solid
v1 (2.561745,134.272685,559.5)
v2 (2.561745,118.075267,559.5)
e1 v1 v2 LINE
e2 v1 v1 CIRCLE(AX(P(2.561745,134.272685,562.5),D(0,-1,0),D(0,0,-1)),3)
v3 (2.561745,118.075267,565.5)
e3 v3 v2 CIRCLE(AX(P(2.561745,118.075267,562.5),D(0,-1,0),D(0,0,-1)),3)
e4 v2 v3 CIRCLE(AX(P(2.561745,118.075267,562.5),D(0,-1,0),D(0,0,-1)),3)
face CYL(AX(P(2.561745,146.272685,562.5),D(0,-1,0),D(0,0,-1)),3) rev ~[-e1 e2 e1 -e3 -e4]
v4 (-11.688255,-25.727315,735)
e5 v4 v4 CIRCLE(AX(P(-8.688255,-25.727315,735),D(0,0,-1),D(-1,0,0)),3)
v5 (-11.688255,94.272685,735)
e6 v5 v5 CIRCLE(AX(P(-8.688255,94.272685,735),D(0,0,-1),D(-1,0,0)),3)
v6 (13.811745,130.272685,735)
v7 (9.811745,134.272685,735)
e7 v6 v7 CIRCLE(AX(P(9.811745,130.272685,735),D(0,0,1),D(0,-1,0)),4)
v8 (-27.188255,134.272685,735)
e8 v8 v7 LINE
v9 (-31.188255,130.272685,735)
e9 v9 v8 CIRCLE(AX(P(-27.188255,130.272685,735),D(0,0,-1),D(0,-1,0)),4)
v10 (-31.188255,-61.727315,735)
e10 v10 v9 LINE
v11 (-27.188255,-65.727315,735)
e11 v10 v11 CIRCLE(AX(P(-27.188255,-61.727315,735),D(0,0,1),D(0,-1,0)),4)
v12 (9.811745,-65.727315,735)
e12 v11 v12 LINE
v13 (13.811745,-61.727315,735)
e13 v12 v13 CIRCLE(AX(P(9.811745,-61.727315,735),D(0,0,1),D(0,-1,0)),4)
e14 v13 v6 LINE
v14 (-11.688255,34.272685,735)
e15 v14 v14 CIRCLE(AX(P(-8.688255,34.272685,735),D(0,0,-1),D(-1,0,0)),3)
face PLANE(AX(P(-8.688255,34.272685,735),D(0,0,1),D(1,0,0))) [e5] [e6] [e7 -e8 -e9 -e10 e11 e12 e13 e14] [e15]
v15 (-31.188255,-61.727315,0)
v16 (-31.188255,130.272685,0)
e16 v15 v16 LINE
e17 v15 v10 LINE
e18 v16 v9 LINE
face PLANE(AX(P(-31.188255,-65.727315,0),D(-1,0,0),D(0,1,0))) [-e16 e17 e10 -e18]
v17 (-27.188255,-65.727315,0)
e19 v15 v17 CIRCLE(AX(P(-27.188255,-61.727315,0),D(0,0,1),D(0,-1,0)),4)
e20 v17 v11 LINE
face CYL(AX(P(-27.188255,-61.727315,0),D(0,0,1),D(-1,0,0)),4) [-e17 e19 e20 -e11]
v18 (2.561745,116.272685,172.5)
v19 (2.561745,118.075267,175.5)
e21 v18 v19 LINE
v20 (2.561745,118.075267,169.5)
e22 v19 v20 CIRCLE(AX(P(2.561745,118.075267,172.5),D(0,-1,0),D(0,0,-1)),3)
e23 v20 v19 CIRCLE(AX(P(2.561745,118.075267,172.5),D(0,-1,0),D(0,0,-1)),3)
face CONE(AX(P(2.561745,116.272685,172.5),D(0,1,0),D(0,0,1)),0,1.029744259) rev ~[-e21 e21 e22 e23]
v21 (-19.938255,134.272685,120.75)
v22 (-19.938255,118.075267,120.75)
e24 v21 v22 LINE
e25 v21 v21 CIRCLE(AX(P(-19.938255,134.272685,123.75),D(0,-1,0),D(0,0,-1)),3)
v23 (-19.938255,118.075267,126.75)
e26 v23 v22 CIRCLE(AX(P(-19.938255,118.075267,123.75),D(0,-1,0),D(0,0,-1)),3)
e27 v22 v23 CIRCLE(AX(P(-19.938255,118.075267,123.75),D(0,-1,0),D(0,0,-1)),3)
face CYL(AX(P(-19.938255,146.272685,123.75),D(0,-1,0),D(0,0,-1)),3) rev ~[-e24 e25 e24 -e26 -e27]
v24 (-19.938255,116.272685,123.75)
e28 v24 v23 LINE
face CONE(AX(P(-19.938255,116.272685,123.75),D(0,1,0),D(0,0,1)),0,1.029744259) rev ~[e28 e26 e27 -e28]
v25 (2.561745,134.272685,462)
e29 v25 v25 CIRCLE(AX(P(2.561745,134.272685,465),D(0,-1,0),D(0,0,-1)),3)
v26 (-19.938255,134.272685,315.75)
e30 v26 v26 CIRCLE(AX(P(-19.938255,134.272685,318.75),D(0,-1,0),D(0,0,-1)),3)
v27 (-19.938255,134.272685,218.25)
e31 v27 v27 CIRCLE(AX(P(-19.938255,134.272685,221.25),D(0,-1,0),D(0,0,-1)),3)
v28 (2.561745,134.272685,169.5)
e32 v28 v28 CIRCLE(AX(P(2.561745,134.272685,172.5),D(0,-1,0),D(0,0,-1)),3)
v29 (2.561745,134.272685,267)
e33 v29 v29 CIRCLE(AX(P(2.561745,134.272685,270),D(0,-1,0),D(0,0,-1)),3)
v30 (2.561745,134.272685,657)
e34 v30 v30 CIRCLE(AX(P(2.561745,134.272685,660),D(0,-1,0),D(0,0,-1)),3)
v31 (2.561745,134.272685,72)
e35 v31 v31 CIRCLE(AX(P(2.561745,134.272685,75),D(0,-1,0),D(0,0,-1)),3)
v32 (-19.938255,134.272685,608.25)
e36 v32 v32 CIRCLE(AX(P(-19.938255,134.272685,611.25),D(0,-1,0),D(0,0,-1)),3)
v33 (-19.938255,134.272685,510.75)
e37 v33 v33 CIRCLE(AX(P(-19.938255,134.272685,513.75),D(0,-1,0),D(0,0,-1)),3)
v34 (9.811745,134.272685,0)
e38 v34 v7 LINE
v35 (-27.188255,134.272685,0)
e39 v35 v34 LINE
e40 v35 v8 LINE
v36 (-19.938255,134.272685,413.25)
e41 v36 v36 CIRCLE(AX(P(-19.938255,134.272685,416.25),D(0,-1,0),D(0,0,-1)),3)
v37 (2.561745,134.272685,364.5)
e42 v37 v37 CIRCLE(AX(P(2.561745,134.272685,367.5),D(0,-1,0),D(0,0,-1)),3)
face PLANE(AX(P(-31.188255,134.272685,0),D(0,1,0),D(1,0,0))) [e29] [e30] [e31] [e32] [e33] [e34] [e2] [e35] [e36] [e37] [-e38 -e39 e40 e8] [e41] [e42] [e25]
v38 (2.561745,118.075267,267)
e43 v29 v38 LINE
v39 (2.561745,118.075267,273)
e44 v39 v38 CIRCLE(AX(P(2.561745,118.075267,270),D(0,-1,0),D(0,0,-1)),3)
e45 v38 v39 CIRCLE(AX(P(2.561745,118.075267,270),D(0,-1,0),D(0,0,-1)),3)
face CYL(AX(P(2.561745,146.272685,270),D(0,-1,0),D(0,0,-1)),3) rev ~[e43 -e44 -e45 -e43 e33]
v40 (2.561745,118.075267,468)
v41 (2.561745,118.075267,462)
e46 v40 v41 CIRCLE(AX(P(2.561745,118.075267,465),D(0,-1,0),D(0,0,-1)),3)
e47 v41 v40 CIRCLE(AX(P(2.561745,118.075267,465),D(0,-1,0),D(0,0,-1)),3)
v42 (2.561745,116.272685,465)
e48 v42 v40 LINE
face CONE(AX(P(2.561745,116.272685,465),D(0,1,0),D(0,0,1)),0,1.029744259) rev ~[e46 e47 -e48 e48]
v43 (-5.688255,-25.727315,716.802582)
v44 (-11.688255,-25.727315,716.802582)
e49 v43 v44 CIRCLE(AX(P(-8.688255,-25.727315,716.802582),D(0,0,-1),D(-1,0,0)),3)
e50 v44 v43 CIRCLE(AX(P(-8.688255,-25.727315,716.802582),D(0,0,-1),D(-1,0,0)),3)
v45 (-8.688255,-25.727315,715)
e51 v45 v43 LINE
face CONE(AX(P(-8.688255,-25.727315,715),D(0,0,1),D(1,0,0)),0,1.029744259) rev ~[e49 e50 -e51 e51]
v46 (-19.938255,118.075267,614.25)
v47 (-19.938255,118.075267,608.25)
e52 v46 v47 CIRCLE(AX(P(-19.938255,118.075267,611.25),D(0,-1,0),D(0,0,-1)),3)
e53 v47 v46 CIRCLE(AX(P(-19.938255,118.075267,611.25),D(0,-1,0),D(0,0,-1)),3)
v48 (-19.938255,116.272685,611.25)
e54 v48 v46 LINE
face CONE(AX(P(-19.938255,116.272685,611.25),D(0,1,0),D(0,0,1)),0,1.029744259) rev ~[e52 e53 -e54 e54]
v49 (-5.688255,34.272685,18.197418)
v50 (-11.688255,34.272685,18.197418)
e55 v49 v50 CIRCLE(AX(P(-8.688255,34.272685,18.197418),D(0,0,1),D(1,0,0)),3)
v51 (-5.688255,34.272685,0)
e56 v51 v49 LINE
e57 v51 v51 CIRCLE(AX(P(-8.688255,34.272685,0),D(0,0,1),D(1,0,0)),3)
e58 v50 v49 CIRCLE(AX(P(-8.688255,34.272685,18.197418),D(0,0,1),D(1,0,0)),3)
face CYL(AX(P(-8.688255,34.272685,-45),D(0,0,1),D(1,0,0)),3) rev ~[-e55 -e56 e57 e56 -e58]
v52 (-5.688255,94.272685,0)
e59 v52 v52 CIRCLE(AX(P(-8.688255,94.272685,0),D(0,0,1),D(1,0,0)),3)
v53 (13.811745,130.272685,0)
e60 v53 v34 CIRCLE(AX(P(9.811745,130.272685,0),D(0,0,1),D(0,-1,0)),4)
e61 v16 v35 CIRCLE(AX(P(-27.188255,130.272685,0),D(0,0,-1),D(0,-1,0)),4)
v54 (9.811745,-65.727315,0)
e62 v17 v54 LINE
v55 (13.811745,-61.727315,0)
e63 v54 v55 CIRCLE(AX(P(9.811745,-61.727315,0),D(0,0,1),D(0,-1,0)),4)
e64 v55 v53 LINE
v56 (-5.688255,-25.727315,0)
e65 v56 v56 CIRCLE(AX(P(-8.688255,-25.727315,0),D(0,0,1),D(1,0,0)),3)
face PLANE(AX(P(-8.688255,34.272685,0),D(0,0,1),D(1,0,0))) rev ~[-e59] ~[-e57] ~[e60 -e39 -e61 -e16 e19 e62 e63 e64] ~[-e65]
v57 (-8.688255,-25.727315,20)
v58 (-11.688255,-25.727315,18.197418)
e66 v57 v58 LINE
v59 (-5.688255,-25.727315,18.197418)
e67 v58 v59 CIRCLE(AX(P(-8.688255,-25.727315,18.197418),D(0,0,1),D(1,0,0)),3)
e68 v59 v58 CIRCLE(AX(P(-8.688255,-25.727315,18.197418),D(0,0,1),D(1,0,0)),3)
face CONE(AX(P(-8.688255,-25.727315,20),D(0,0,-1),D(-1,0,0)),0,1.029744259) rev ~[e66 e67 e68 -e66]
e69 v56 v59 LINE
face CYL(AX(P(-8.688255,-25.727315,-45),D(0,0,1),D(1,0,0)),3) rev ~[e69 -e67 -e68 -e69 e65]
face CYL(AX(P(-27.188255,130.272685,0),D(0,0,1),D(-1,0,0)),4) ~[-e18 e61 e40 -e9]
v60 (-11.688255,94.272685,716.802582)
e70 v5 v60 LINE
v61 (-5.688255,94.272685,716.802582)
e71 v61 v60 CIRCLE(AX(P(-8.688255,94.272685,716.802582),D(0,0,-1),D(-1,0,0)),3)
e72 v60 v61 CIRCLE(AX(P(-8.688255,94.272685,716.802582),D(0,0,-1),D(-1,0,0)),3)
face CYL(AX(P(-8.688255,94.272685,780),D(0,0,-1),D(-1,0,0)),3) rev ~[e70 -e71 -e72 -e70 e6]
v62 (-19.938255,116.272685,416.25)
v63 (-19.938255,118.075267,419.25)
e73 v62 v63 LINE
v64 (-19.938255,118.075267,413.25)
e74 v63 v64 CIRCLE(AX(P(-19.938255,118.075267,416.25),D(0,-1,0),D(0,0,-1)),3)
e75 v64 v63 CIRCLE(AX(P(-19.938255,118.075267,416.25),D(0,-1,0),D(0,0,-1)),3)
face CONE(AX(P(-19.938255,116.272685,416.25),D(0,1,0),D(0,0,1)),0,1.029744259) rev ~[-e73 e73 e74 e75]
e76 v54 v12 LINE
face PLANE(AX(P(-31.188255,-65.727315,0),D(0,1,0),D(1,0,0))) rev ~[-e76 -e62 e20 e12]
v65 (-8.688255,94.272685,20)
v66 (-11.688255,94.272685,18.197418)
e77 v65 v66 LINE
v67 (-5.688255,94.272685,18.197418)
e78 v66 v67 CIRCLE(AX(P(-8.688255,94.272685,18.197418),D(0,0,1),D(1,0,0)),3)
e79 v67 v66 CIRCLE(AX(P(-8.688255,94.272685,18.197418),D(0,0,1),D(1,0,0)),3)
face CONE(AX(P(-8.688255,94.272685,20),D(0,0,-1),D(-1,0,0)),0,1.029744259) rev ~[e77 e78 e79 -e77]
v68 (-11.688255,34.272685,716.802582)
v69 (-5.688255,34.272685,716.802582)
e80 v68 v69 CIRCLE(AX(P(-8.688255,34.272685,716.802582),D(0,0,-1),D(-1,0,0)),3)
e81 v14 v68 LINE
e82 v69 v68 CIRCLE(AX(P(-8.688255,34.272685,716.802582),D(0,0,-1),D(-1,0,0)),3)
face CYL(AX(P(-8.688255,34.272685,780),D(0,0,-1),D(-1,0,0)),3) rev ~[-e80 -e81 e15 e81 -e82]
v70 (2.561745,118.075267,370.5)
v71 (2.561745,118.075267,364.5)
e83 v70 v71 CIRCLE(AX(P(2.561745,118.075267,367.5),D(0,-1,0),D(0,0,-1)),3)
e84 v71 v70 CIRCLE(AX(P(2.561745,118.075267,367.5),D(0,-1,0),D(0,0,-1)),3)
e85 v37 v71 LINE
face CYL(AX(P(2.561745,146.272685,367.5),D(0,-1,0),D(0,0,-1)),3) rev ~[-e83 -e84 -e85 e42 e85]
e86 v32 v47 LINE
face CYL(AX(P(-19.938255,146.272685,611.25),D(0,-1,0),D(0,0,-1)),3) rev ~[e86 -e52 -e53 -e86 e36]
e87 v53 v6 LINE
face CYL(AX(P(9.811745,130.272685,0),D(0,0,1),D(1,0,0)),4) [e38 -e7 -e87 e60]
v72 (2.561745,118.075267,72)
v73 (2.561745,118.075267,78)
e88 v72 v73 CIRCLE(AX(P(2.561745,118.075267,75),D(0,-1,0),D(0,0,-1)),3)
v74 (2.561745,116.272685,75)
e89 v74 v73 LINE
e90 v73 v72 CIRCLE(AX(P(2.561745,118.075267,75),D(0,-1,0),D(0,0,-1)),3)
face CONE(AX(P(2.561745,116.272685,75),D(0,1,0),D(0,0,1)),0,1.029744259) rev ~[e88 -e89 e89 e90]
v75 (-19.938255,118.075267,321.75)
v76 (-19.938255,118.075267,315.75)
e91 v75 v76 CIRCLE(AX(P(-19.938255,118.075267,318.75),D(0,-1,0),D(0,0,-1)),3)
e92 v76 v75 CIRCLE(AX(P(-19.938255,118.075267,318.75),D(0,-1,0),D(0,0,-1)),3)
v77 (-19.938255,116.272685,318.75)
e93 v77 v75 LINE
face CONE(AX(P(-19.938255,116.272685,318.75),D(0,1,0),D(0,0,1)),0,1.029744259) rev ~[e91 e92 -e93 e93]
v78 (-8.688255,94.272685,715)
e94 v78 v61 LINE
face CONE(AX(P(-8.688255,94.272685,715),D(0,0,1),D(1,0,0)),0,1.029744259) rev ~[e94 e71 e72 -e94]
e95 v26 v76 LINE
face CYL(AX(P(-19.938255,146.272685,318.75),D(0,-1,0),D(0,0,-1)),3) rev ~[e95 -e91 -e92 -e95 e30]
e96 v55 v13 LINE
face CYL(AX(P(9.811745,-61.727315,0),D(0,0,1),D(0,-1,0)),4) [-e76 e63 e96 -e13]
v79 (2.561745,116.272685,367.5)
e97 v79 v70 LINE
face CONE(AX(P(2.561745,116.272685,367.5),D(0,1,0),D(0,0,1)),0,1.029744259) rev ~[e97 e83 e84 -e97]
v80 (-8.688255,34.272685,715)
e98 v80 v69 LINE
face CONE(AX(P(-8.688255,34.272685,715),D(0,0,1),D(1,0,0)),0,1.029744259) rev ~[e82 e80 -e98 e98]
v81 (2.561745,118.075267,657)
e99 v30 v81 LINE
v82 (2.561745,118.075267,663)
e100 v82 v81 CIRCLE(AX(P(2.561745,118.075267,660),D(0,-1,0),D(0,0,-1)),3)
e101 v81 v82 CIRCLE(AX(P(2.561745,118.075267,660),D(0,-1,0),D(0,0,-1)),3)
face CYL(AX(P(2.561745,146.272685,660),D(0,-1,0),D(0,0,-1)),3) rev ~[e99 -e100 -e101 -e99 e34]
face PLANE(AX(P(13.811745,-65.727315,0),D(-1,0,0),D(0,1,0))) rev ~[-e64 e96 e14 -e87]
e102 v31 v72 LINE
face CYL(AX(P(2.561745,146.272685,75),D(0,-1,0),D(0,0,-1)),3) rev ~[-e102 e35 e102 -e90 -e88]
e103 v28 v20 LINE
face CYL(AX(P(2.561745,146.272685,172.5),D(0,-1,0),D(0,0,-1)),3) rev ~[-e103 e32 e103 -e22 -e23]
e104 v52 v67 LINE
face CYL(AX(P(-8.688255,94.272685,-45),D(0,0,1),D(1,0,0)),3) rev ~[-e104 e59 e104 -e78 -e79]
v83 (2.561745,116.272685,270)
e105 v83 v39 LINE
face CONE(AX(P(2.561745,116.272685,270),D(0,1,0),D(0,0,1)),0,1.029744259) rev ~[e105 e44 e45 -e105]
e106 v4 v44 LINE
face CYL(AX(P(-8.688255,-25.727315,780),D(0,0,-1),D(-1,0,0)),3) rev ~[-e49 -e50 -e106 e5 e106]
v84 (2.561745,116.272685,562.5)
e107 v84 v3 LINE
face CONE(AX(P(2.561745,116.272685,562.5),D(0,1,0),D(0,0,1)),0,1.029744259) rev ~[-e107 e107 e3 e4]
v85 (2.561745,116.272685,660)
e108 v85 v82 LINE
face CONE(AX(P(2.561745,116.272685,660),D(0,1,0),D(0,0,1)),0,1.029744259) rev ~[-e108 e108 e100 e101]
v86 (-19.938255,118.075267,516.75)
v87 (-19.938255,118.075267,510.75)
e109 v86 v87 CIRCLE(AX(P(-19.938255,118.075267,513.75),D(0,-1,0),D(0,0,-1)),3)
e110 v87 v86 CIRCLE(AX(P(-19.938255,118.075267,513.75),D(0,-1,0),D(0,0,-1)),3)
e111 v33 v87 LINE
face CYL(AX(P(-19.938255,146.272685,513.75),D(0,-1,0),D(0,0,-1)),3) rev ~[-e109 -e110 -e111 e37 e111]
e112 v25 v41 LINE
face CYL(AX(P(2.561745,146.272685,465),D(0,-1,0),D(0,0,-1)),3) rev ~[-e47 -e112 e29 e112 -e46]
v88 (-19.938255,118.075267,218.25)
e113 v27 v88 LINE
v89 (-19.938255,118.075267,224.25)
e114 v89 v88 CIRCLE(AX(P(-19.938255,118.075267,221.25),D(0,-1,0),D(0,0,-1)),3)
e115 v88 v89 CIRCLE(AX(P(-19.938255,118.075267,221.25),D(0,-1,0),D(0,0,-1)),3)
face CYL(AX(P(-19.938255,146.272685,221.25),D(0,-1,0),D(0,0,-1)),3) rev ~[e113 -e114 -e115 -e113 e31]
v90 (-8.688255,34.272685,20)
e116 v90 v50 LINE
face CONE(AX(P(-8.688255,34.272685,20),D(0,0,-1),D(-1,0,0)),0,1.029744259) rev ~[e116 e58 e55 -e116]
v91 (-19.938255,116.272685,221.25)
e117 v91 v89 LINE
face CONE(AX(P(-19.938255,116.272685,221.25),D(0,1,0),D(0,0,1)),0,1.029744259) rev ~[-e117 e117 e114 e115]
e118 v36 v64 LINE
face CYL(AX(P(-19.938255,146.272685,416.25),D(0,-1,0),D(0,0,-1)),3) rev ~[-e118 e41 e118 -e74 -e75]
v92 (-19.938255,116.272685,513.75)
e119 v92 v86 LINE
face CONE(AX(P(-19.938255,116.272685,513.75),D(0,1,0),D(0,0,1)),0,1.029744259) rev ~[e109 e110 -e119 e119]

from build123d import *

# Parameters (mm, degrees)
SKETCH1_W                       = 45
SKETCH1_H                       = 200
BOSS_EXTRUDE1_DEPTH             = 735
FILLET1_R                       = 4
F_6_0MM_DOWEL_SLOT1_D           = 6
F_6_0MM_DOWEL_SLOT1_DEPTH       = 63.197418143
F_6_0MM_DOWEL_SLOT1_CSINK_D     = 6.05
F_6_0MM_DOWEL_SLOT1_CSINK_ANGLE = 90
F_6_0MM_DOWEL_SLOT1_TIP         = 1.802581857
F_6_0MM_DOWEL_SLOT2_D           = 6
F_6_0MM_DOWEL_SLOT2_DEPTH       = 63.197418143
F_6_0MM_DOWEL_SLOT2_CSINK_D     = 6.05
F_6_0MM_DOWEL_SLOT2_CSINK_ANGLE = 90
F_6_0MM_DOWEL_SLOT2_TIP         = 1.802581857
F_6_0MM_DOWEL_SLOT6_D           = 6
F_6_0MM_DOWEL_SLOT6_DEPTH       = 28.197418143
F_6_0MM_DOWEL_SLOT6_CSINK_D     = 6.05
F_6_0MM_DOWEL_SLOT6_CSINK_ANGLE = 90
F_6_0MM_DOWEL_SLOT6_TIP         = 1.802581857


with BuildPart() as part:
    # Sketch1 → Boss-Extrude1 (new body)
    with BuildSketch(Plane.XY):
        with Locations((-8.688255411, 34.272684877)):
            Rectangle(SKETCH1_W, SKETCH1_H)
    extrude(amount=BOSS_EXTRUDE1_DEPTH)

    # Fillet1
    fillet1_edges = [part.edges().sort_by_distance(p)[0] for p in [
        (13.811744589, 134.272684877, 367.5),
        (13.811744589, -65.727315123, 367.5),
        (-31.188255411, -65.727315123, 367.5),
        (-31.188255411, 134.272684877, 367.5),
    ]]
    fillet(fillet1_edges, radius=FILLET1_R)

    # Ø6.0mm Dowel Slot1
    with Locations(Plane(origin=(863.811744589, -65.727315123, 780), x_dir=(1, 0, 0), z_dir=(0, 0, 1))):
        with Locations((-872.5, 160), (-872.5, 100), (-872.5, 40)):
            CounterSinkHole(F_6_0MM_DOWEL_SLOT1_D / 2, F_6_0MM_DOWEL_SLOT1_CSINK_D / 2, depth=F_6_0MM_DOWEL_SLOT1_DEPTH, counter_sink_angle=F_6_0MM_DOWEL_SLOT1_CSINK_ANGLE)
            with Locations((0, 0, -(F_6_0MM_DOWEL_SLOT1_DEPTH + F_6_0MM_DOWEL_SLOT1_TIP / 2))):  # 118° drill point
                Cone(0, F_6_0MM_DOWEL_SLOT1_D / 2, F_6_0MM_DOWEL_SLOT1_TIP, mode=Mode.SUBTRACT)

    # Ø6.0mm Dowel Slot2
    with Locations(Plane(origin=(863.811744589, -65.727315123, -45), x_dir=(-1, 0, 0), z_dir=(0, 0, -1))):
        with Locations((872.5, 160), (872.5, 100), (872.5, 40)):
            CounterSinkHole(F_6_0MM_DOWEL_SLOT2_D / 2, F_6_0MM_DOWEL_SLOT2_CSINK_D / 2, depth=F_6_0MM_DOWEL_SLOT2_DEPTH, counter_sink_angle=F_6_0MM_DOWEL_SLOT2_CSINK_ANGLE)
            with Locations((0, 0, -(F_6_0MM_DOWEL_SLOT2_DEPTH + F_6_0MM_DOWEL_SLOT2_TIP / 2))):  # 118° drill point
                Cone(0, F_6_0MM_DOWEL_SLOT2_D / 2, F_6_0MM_DOWEL_SLOT2_TIP, mode=Mode.SUBTRACT)

    # Ø6.0mm Dowel Slot6
    with Locations(Plane(origin=(863.811744589, 146.272684877, -45), x_dir=(0, 0, 1), z_dir=(0, 1, 0))):
        with Locations((22.5, 1726.5), (22.5, 1640.5), (802.5, 1726.5), (802.5, 1640.5), (22.5, -955.960621131), (22.5, -1636.5), (802.5, -1462.5), (802.5, -1636.5), (22.5, -1722.5), (802.5, -1722.5), (22.5, -1550.5), (802.5, -640.31), (120, -1722.5), (217.5, -1722.5), (315, -1722.5), (412.5, -1722.5), (510, -1722.5), (607.5, -1722.5), (705, -1722.5), (22.5, -861.25), (22.5, -883.75), (-22.496198074, -917.60220409), (802.5, -861.25), (802.5, -883.75), (847.496198074, -917.60220409), (802.5, -529.84), (22.5, -750.249617159), (-341.005231297, -650.318686522), (1166.005231297, -650.318686522), (-310.084924074, 22.5), (-310.084924074, 67.5), (22.5, 67.5), (22.5, 22.5), (802.5, 67.5), (802.5, 22.5), (1133.730020848, 67.5), (1133.730020848, 22.5), (1166.005231297, 740.318686522), (802.560751791, 973.75), (802.560751791, 951.25), (847.496198074, 1007.60220409), (-22.496198074, 1007.60220409), (22.560751791, 951.25), (-341.005231297, 740.318686522), (22.5, 1812.5), (802.5, 1812.5), (22.5, 1552.5), (802.5, 1552.5), (-102.162023695, -850.748960129), (-181.827849315, -783.895716167), (-261.493674936, -717.042472206), (927.162023695, -850.748960129), (1006.827849315, -783.895716167), (1086.493674936, -717.042472206), (1086.493674936, 807.042472206), (1006.827849315, 873.895716167), (927.162023695, 940.748960129), (-102.162023695, 940.748960129), (-181.827849315, 873.895716167), (-261.493674936, 807.042472206), (-199.224924074, 67.5), (-88.364924074, 67.5), (-199.224924074, 22.5), (-88.364924074, 22.5), (912.010020848, 67.5), (1022.870020848, 67.5), (912.010020848, 22.5), (1022.870020848, 22.5), (120, 67.5), (217.5, 67.5), (315, 67.5), (607.5, 67.5), (705, 67.5), (510, 67.5), (120, 22.5), (217.5, 22.5), (315, 22.5), (510, 22.5), (607.5, 22.5), (705, 22.5), (412.5, 22.5), (22.5, -750.78), (22.5, -640.31), (22.5, -529.84), (22.5, -419.37), (22.5, -308.9), (22.5, -198.43), (22.5, -87.96), (802.5, -750.78), (802.5, -419.37), (802.5, -308.9), (802.5, -198.43), (22.5, 177.97), (22.5, 288.44), (22.5, 398.91), (22.5, 509.38), (22.5, 619.85), (22.5, 730.32), (22.5, 840.79), (802.5, -87.96), (802.5, 177.97), (802.5, 288.44), (120.000330201, 1812.753749877), (217.5, 1812.5), (315, 1812.5), (412.5, 1812.5), (510, 1812.5), (607.5, 1812.5), (705, 1812.5), (120.060751791, 951.25), (217.560751791, 951.25), (315.060751791, 951.25), (412.560751791, 951.25), (510.060751791, 951.25), (607.560751791, 951.25), (705.060751791, 951.25), (656.310751791, 973.75), (558.810751791, 973.75), (461.310751791, 973.75), (363.810751791, 973.75), (266.310751791, 973.75), (168.810751791, 973.75), (120, -861.25), (217.5, -861.25), (315, -861.25), (412.5, -861.25), (510, -861.25), (607.5, -861.25), (705, -861.25), (656.25, -883.75), (558.75, -883.75), (461.25, -883.75), (168.75, -883.75), (266.25, -883.75), (363.75, -883.75), (802.560751791, -955.960621131), (412.5, 67.5), (802.5, 730.32), (802.560751791, 840.79), (802.5, 398.91), (802.5, 509.38), (802.5, 619.85), (-360.000025903, 699.425529794), (-360.000025903, -609.521258848), (-360.000025903, 598.725529794), (-360.000025903, 498.025529794), (-360.000025903, 397.325529794), (-360.000025903, 296.625529794), (-360.000025903, 195.925529794), (-360.000025903, 95.225529794), (-360.000025903, -5.474470206), (-360.000025903, -106.174470206), (-360.000025903, -206.874470206), (-360.000025903, -307.574470206), (-360.000025903, -408.274470206), (-360.000025903, -508.974470206), (1185.00101945, 699.425529452), (1185.000941829, 598.725529794), (1185.000864209, 498.025529794), (1185.000708968, 296.625529794), (1185.000631348, 195.925529794), (1185.000553727, 95.225529794), (1185.000476107, -5.474470206), (1185.000398486, -106.174470206), (1185.000320866, -206.874470206), (1185.000165625, -408.274470206), (1185.000088004, -508.974470206), (1185.000786589, 397.325529794), (22.560751791, 1016.385842825), (802.560751791, 1016.385842825), (802.560751791, -1550.5), (22.560751791, 973.75), (802.560751791, -363.966698641)):
            CounterSinkHole(F_6_0MM_DOWEL_SLOT6_D / 2, F_6_0MM_DOWEL_SLOT6_CSINK_D / 2, depth=F_6_0MM_DOWEL_SLOT6_DEPTH, counter_sink_angle=F_6_0MM_DOWEL_SLOT6_CSINK_ANGLE)
            with Locations((0, 0, -(F_6_0MM_DOWEL_SLOT6_DEPTH + F_6_0MM_DOWEL_SLOT6_TIP / 2))):  # 118° drill point
                Cone(0, F_6_0MM_DOWEL_SLOT6_D / 2, F_6_0MM_DOWEL_SLOT6_TIP, mode=Mode.SUBTRACT)


solid = part.part
